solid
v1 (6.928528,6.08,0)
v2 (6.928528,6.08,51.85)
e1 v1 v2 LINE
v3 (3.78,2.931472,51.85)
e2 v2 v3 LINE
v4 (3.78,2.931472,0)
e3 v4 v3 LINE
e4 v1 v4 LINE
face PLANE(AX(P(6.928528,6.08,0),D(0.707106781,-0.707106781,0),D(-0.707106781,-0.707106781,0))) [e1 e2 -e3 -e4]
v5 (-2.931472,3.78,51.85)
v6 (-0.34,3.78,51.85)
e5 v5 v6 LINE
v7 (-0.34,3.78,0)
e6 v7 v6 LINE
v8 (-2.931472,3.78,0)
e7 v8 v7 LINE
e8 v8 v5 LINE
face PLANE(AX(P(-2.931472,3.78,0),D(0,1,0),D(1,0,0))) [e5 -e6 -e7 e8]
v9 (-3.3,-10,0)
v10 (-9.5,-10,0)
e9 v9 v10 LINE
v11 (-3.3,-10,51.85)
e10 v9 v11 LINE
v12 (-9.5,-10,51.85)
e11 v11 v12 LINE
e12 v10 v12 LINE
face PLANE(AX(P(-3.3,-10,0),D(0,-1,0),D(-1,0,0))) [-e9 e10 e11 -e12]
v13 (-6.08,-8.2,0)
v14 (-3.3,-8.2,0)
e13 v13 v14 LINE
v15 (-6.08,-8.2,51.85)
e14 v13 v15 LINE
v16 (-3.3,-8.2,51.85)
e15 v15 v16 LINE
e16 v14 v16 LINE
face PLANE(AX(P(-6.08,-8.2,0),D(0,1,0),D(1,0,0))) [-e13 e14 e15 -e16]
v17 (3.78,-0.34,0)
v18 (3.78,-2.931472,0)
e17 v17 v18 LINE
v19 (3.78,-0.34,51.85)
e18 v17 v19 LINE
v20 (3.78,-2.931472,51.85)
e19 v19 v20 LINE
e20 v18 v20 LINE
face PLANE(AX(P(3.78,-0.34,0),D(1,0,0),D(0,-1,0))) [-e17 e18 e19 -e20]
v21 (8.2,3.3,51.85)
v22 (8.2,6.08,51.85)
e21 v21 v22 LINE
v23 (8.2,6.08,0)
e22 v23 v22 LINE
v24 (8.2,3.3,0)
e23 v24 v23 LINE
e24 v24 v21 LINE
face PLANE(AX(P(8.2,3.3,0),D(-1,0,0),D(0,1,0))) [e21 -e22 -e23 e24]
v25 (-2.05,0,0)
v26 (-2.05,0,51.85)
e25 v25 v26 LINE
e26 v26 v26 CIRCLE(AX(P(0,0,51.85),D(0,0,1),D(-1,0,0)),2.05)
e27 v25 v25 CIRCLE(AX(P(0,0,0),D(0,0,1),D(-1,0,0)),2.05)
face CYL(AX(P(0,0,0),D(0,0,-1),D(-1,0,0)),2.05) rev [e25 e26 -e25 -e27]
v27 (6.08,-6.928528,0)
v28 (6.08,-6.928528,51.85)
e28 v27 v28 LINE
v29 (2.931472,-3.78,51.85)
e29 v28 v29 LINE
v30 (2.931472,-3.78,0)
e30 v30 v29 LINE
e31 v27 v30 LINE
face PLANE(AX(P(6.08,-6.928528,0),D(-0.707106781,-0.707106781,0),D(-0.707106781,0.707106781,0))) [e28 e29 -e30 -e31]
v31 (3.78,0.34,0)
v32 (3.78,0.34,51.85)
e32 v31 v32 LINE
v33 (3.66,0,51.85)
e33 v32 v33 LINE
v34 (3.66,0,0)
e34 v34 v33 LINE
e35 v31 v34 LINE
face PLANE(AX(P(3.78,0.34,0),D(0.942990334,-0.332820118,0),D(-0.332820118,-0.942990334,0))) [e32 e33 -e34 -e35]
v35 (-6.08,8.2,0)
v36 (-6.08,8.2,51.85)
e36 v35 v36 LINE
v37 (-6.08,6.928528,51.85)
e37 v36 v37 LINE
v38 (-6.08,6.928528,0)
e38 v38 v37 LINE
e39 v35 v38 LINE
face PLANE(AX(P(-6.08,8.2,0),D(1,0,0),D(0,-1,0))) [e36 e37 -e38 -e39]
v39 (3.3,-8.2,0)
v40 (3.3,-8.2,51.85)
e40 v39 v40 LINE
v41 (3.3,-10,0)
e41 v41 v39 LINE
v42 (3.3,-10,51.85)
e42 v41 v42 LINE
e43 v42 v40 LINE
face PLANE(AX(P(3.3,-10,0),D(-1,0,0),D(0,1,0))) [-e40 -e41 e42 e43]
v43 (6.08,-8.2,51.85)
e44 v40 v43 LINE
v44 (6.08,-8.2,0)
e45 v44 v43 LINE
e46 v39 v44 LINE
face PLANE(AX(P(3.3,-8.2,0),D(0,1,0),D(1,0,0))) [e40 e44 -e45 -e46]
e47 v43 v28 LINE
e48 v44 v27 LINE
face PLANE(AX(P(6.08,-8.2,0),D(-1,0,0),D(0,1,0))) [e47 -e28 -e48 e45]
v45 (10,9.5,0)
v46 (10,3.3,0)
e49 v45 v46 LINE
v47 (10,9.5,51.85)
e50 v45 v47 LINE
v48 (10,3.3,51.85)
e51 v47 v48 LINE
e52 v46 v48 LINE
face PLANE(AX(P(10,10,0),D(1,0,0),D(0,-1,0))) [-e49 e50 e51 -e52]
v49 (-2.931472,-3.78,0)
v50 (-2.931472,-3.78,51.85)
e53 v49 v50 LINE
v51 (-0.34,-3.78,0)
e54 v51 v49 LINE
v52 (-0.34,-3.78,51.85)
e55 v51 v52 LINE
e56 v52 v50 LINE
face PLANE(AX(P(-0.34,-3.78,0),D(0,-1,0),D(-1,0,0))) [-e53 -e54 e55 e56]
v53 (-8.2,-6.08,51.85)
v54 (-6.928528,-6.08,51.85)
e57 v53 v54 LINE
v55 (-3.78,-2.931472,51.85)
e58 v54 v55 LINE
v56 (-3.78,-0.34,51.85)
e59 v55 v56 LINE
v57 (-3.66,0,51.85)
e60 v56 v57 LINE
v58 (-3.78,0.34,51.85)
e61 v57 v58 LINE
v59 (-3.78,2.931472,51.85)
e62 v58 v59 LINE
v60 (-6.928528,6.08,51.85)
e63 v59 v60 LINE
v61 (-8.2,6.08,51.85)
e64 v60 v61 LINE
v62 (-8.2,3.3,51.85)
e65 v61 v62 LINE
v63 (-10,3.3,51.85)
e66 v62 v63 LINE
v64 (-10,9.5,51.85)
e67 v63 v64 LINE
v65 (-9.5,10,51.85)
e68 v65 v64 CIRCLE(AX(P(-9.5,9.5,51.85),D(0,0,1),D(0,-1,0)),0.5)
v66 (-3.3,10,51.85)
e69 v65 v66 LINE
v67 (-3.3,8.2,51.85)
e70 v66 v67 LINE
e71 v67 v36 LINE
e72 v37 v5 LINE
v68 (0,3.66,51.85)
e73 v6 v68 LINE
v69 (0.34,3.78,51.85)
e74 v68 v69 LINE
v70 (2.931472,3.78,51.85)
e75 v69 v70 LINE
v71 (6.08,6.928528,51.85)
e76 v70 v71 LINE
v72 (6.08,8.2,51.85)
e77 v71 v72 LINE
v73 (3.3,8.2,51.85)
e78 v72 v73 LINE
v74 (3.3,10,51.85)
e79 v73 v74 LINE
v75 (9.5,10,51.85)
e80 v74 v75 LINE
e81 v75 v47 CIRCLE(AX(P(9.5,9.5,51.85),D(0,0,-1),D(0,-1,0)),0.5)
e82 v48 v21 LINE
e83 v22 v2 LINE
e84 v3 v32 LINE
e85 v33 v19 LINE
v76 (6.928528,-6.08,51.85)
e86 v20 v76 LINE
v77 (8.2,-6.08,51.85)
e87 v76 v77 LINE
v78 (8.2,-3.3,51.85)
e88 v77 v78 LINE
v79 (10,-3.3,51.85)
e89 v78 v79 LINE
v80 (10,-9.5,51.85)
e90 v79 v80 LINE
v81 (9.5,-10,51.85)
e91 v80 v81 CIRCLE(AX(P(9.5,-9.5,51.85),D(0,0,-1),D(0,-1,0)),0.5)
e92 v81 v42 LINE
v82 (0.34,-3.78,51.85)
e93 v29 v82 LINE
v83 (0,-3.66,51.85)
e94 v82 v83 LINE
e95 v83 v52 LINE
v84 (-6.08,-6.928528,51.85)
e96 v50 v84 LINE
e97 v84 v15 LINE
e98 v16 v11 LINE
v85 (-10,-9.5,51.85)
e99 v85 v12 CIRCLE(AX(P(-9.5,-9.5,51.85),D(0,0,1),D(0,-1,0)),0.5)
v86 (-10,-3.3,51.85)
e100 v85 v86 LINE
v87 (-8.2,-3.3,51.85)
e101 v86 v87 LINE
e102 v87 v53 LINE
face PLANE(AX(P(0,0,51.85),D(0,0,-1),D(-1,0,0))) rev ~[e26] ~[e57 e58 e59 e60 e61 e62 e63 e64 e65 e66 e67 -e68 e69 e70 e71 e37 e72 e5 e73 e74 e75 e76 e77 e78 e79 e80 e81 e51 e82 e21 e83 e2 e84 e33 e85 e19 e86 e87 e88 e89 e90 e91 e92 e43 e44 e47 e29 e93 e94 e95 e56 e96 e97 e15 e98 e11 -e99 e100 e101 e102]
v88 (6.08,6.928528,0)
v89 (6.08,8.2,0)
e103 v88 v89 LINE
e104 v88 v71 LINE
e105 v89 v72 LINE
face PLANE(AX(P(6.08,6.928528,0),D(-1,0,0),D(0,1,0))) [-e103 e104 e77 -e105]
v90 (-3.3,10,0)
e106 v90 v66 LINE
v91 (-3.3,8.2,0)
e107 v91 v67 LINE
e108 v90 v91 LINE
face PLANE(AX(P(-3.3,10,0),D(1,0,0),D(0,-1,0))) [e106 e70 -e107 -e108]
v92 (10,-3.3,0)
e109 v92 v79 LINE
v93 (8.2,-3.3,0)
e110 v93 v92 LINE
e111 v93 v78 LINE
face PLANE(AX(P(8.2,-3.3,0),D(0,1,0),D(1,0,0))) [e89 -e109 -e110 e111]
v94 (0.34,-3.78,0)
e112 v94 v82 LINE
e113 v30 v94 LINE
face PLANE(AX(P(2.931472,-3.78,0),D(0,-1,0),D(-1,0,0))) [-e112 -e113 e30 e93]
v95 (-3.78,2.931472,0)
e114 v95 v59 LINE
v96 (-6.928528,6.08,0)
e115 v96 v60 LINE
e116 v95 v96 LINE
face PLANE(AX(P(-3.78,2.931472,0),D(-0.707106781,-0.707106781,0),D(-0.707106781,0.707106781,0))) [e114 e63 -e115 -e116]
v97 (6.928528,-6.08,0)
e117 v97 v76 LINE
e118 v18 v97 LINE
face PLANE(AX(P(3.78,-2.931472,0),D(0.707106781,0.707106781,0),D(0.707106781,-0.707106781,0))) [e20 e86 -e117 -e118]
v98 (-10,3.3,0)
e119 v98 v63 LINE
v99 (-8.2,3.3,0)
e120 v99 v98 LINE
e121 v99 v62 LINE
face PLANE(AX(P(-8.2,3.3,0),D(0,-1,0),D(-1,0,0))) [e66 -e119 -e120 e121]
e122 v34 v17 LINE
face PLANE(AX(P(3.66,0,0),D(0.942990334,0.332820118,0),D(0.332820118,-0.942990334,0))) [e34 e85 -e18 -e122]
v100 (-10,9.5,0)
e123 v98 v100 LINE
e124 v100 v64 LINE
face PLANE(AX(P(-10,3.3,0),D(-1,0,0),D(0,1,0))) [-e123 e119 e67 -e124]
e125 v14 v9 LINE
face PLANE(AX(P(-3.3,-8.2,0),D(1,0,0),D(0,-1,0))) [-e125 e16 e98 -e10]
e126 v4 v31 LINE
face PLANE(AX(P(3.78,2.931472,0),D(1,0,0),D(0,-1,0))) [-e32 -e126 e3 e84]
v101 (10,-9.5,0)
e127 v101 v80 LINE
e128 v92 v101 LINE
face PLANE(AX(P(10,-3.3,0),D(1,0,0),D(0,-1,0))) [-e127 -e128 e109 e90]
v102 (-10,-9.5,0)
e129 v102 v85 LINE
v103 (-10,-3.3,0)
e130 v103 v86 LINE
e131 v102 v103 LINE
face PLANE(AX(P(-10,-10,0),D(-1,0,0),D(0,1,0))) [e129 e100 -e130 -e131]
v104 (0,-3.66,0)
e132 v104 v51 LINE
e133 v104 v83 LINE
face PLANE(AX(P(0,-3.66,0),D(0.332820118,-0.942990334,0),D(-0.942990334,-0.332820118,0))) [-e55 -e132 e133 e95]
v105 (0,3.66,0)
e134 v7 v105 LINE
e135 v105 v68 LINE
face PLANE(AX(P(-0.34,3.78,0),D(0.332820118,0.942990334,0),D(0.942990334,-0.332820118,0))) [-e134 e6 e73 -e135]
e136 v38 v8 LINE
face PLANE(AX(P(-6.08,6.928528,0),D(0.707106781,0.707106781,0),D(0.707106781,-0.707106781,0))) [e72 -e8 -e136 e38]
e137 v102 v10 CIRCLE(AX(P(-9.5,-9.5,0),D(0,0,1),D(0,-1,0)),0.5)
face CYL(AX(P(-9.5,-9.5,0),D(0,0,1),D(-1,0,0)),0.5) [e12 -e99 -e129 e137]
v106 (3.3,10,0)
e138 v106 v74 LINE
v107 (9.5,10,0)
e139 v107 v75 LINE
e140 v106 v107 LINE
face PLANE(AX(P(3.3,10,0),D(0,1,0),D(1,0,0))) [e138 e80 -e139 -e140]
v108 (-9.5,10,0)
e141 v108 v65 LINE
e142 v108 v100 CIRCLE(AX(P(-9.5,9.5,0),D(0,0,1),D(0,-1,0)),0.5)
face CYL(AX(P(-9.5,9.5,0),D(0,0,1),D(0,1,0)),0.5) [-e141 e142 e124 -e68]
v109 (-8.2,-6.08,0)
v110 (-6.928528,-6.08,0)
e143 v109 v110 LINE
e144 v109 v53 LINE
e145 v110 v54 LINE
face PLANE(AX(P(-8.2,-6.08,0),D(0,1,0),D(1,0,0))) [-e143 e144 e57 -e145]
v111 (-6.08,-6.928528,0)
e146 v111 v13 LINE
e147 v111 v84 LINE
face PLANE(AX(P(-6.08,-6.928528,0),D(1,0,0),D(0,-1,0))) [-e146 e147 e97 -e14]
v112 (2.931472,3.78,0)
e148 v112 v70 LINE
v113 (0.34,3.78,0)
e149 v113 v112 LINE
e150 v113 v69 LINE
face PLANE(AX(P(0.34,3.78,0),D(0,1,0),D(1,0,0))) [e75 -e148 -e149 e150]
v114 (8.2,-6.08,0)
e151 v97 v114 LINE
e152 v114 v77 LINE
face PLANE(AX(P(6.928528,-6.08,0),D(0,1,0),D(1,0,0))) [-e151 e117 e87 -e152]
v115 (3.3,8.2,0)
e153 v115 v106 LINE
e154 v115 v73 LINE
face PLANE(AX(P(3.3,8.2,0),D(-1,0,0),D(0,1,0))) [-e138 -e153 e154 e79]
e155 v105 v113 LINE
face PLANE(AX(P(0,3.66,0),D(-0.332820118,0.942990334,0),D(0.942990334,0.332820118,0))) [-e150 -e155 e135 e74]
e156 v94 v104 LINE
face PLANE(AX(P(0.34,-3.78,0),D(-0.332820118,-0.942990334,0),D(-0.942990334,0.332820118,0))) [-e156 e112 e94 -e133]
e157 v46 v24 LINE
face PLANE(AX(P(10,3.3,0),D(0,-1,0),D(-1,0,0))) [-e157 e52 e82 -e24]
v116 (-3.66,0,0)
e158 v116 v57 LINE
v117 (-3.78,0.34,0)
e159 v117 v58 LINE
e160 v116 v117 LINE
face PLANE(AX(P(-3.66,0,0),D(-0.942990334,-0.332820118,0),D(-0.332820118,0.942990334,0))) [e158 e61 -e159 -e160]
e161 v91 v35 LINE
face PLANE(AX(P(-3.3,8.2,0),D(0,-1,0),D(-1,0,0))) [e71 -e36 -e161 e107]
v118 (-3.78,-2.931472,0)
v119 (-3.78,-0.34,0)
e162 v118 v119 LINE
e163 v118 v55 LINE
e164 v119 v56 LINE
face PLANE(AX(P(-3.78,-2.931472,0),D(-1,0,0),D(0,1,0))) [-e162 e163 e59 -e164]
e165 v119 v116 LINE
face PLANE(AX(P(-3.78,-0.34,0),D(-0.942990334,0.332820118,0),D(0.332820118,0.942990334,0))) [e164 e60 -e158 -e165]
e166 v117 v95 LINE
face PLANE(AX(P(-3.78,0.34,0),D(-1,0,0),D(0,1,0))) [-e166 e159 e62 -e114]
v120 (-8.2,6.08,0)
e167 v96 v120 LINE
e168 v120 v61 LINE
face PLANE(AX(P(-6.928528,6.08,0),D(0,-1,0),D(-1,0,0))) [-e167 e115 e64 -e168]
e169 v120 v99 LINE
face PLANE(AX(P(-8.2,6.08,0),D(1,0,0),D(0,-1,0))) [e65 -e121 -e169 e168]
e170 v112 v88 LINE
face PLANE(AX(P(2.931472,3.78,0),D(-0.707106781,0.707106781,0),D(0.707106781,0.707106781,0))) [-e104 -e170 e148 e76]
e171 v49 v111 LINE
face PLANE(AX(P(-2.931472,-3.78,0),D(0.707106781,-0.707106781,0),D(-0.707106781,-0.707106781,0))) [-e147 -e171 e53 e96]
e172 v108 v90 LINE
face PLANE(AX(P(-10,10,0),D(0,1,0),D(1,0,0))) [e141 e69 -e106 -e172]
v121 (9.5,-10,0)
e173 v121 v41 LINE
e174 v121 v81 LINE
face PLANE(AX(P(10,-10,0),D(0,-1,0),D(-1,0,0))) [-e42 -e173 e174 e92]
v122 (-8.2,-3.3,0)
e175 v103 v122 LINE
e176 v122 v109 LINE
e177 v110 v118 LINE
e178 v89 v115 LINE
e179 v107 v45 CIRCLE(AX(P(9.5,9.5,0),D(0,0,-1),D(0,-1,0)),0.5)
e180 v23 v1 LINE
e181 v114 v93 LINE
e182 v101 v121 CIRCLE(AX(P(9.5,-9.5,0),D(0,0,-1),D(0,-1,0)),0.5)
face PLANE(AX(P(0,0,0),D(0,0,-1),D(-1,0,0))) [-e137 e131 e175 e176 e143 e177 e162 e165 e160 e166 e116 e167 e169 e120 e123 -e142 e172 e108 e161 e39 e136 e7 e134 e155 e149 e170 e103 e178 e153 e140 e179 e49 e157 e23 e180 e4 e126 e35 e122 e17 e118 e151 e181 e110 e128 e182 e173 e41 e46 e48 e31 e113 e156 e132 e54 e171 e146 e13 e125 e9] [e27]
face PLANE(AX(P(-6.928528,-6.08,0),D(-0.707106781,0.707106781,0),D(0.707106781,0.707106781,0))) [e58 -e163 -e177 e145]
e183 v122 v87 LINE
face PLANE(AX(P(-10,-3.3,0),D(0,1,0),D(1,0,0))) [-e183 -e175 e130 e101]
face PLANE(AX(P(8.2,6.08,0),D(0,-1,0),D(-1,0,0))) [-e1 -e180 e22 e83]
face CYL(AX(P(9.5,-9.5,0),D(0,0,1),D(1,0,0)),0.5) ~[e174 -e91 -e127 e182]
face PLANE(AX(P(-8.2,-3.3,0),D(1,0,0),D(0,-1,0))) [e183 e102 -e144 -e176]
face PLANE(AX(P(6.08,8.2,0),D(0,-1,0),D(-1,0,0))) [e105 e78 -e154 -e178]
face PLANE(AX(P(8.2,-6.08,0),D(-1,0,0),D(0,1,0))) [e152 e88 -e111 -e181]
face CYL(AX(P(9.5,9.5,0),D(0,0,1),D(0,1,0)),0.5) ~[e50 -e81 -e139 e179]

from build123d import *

# Parameters (mm, degrees)
SKETCH1_R           = 2.05
BOSS_EXTRUDE1_DEPTH = 51.85
FILLET1_R           = 0.5


with BuildPart() as part:
    # Sketch1 → Boss-Extrude1 (new body)
    with BuildSketch(Plane.XY):
        Polygon((-3.3, 10), (-3.3, 8.2), (-6.08, 8.2), (-6.08, 6.928528137), (-2.931471863, 3.78), (-0.34, 3.78), (0, 3.66), (0.34, 3.78), (2.931471863, 3.78), (6.08, 6.928528137), (6.08, 8.2), (3.3, 8.2), (3.3, 10), (10, 10), (10, 3.3), (8.2, 3.3), (8.2, 6.08), (6.928528137, 6.08), (3.78, 2.931471863), (3.78, 0.34), (3.66, 0), (3.78, -0.34), (3.78, -2.931471863), (6.928528137, -6.08), (8.2, -6.08), (8.2, -3.3), (10, -3.3), (10, -10), (3.3, -10), (3.3, -8.2), (6.08, -8.2), (6.08, -6.928528137), (2.931471863, -3.78), (0.34, -3.78), (0, -3.66), (-0.34, -3.78), (-2.931471863, -3.78), (-6.08, -6.928528137), (-6.08, -8.2), (-3.3, -8.2), (-3.3, -10), (-10, -10), (-10, -3.3), (-8.2, -3.3), (-8.2, -6.08), (-6.928528137, -6.08), (-3.78, -2.931471863), (-3.78, -0.34), (-3.66, 0), (-3.78, 0.34), (-3.78, 2.931471863), (-6.928528137, 6.08), (-8.2, 6.08), (-8.2, 3.3), (-10, 3.3), (-10, 10), align=None)
        with Locations(Location((0, 0, 0), (0, 0, 180))):
            Circle(SKETCH1_R, mode=Mode.SUBTRACT)
    extrude(amount=BOSS_EXTRUDE1_DEPTH)

    # Fillet1
    fillet1_edges = [part.edges().sort_by_distance(p)[0] for p in [
        (10, 10, 25.925),
        (10, -10, 25.925),
        (-10, -10, 25.925),
        (-10, 10, 25.925),
    ]]
    fillet(fillet1_edges, radius=FILLET1_R)


solid = part.part
